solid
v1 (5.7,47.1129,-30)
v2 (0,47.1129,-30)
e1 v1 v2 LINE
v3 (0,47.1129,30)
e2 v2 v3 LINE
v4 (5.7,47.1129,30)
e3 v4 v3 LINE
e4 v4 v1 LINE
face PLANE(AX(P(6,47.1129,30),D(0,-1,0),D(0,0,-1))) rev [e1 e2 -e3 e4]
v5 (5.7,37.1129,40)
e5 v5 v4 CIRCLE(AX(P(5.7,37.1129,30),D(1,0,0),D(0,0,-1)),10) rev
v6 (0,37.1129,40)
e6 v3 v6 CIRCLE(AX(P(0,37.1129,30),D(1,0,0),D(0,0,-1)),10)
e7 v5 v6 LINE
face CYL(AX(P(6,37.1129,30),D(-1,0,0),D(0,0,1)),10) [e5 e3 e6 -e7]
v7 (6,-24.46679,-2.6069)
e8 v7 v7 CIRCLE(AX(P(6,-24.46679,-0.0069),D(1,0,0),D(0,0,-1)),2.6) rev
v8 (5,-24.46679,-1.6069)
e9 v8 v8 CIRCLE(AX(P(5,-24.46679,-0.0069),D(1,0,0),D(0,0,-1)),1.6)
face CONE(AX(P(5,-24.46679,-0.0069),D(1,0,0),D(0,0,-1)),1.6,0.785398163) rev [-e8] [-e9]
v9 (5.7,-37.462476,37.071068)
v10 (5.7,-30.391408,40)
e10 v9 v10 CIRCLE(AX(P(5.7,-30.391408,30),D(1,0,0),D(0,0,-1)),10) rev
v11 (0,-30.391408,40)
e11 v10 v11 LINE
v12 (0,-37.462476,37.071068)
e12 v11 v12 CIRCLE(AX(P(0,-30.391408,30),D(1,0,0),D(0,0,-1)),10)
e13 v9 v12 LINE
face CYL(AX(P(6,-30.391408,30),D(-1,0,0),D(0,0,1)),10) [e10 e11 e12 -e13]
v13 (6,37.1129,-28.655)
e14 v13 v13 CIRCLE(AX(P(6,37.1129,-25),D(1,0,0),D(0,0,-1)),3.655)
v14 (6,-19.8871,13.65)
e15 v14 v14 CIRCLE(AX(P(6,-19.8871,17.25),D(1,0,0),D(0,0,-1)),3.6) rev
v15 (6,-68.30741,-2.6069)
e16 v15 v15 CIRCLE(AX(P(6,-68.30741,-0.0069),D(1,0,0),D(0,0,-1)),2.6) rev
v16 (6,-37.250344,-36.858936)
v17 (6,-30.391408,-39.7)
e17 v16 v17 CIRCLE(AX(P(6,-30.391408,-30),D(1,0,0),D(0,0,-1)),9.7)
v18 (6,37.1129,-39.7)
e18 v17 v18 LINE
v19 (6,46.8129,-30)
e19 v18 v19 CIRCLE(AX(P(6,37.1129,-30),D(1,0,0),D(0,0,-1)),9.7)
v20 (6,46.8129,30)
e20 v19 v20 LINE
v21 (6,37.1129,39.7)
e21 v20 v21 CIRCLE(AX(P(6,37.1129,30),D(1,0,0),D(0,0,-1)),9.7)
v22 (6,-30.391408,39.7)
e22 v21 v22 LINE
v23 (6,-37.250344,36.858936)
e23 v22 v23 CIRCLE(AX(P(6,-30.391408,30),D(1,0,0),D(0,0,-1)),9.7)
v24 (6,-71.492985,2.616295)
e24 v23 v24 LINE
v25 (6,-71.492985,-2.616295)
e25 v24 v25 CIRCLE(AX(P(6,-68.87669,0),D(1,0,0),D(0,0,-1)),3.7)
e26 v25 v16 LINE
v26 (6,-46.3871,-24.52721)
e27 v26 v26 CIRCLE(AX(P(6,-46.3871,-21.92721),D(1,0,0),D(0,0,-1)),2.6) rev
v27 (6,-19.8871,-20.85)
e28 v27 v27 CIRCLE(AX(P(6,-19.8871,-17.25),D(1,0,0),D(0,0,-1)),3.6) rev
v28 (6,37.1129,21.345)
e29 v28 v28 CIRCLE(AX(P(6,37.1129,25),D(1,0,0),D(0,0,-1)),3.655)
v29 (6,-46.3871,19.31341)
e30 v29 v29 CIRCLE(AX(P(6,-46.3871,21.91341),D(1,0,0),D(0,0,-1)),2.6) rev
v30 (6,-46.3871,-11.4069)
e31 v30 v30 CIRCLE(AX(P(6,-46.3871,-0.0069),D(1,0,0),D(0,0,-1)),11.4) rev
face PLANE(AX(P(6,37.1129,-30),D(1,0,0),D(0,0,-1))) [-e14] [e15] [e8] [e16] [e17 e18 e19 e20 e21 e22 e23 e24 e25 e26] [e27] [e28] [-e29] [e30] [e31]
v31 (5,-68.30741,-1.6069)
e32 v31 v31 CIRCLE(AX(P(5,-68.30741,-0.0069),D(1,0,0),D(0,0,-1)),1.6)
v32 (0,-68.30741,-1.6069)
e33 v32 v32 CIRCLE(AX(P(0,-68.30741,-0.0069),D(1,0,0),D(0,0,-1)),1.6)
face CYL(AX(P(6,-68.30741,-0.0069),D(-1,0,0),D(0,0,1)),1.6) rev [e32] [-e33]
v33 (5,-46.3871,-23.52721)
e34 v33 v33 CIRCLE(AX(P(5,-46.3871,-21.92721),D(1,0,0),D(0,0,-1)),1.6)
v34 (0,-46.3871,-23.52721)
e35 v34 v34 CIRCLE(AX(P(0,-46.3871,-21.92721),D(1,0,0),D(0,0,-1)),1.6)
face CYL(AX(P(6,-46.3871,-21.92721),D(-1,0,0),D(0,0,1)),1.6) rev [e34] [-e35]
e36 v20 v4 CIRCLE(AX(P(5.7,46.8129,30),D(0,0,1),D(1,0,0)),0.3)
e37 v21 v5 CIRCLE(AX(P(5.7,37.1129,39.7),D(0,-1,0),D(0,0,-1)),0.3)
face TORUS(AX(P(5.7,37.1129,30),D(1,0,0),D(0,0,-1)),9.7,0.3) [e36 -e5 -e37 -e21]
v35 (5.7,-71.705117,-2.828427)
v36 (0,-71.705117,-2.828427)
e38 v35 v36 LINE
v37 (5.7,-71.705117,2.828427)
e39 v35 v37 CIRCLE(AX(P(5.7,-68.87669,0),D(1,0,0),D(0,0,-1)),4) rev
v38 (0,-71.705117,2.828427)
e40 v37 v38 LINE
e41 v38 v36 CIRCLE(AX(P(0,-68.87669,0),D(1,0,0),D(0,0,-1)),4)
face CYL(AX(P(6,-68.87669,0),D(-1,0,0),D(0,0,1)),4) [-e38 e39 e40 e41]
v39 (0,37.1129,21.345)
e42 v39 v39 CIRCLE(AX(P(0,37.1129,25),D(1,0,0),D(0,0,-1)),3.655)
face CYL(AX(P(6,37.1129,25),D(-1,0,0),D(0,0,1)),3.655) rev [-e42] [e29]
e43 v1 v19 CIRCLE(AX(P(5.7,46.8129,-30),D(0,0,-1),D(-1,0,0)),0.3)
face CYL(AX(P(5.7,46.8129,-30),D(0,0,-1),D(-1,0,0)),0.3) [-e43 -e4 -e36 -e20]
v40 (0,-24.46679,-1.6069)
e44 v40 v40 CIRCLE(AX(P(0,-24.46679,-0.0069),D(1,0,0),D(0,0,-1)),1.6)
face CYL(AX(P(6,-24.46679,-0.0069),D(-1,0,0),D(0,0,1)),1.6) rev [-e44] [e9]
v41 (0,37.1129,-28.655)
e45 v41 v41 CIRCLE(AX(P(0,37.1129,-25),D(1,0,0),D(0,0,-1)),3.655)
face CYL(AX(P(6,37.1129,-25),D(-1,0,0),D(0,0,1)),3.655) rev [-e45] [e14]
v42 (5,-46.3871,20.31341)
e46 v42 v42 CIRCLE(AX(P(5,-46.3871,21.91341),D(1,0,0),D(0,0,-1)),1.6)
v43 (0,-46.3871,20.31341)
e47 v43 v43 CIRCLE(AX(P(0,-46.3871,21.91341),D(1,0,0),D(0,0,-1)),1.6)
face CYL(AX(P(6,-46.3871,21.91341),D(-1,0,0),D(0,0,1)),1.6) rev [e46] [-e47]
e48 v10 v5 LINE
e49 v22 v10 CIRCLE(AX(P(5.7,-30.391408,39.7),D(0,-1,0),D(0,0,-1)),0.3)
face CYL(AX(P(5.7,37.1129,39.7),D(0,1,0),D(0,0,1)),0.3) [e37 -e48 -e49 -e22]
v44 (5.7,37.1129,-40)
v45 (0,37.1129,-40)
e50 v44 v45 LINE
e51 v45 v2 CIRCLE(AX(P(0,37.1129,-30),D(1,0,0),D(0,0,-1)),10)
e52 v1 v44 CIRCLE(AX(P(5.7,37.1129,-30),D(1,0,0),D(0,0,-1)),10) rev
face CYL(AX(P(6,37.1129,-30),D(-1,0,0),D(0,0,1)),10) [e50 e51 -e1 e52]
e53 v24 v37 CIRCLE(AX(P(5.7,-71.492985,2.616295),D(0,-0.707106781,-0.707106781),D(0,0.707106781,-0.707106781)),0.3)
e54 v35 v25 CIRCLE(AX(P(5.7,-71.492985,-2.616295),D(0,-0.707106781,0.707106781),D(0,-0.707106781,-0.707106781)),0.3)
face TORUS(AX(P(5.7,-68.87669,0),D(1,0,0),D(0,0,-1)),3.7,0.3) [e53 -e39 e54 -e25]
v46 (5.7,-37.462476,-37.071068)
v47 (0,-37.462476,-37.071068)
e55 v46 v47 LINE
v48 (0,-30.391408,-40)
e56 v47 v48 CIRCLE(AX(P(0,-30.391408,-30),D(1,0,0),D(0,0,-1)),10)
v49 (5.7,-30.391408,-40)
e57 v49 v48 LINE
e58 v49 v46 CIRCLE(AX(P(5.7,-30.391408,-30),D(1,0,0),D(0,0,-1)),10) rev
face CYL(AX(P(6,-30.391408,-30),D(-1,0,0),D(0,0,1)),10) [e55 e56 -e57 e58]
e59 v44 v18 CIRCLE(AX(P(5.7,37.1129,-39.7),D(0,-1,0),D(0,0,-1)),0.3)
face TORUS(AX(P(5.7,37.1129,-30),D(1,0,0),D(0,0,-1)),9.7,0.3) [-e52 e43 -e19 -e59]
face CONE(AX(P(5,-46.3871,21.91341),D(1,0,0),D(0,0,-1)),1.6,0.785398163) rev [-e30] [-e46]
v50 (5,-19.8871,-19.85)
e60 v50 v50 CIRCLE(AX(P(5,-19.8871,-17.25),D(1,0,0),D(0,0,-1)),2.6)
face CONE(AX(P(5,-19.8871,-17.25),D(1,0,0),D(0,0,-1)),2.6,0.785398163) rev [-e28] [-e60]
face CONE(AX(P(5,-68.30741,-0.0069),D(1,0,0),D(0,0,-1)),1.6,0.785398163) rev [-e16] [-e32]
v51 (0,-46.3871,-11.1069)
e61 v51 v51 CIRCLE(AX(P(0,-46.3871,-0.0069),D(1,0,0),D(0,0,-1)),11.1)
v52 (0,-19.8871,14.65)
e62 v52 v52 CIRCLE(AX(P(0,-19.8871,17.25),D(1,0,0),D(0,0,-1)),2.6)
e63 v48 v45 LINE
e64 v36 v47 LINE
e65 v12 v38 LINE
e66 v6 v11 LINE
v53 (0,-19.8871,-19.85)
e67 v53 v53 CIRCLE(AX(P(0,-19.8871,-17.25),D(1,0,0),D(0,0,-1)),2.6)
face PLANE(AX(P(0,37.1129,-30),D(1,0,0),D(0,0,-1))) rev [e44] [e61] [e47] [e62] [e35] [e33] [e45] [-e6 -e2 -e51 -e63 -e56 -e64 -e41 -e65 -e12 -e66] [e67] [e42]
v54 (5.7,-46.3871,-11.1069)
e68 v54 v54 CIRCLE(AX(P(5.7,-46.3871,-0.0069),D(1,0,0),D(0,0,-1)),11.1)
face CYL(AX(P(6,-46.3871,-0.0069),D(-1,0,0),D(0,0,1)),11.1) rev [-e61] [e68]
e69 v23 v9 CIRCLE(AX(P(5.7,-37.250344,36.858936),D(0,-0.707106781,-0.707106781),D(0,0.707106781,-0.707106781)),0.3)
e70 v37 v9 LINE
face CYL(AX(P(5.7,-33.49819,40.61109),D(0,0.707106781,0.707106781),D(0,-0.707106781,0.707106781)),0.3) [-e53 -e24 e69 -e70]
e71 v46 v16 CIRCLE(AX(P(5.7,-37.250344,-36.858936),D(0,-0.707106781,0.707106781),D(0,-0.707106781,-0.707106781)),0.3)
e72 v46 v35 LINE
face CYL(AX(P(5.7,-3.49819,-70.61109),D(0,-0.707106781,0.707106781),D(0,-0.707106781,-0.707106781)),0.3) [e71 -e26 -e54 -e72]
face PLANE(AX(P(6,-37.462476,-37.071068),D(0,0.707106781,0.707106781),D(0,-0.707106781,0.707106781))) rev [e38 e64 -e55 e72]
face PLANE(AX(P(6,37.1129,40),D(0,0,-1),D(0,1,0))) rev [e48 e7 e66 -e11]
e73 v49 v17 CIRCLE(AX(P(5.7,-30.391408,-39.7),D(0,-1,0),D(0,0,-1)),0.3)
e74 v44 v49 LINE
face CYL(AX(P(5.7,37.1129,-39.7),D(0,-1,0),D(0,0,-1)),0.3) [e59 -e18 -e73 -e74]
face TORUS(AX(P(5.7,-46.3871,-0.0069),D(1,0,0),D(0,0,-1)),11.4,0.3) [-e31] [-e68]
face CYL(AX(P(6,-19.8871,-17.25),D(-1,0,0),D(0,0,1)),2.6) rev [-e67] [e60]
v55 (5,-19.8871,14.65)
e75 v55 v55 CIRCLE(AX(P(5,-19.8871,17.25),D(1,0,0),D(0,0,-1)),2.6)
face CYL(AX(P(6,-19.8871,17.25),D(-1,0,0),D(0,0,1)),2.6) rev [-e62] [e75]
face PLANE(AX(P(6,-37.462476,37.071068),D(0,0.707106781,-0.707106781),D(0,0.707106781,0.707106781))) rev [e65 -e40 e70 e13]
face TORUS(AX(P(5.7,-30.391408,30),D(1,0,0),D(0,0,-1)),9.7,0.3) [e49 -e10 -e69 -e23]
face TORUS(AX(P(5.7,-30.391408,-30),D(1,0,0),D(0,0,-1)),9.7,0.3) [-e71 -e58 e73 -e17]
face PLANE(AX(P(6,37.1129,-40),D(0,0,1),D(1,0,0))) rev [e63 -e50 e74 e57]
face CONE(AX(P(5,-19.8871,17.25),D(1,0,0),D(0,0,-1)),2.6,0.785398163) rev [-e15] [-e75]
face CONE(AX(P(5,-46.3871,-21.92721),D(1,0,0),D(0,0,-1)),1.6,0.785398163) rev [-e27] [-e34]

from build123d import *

# Parameters (mm, degrees)
SKETCH_2_R      = 1.6
SKETCH_2_R_2    = 2.6
SKETCH_2_R_3    = 11.1
SKETCH_2_R_4    = 3.655
EXTRUDE_1_DEPTH = 6
FILLET_1_R      = 0.3
CHAMFER_1_SIZE  = 1


with BuildPart() as part:
    # Эскиз2 → Бобышка-Вытянуть1 (new body)
    with BuildSketch(Plane(origin=(0, 0, 0), x_dir=(0, 0, -1), z_dir=(1, 0, 0))):
        with BuildLine():
            Line((-30, 47.1129), (30, 47.1129))
            ThreePointArc((30, 47.1129), (37.071067812, 44.183967812), (40, 37.1129))
            Line((40, 37.1129), (40, -30.391408151))
            ThreePointArc((40, -30.391408151), (39.238795325, -34.218242474), (37.071067812, -37.462475962))
            Line((37.071067812, -37.462475962), (2.828427125, -71.70511665))
            ThreePointArc((2.828427125, -71.70511665), (0, -72.876689525), (-2.828427125, -71.70511665))
            Line((-2.828427125, -71.70511665), (-37.071067812, -37.462475962))
            ThreePointArc((-37.071067812, -37.462475962), (-39.238795325, -34.218242474), (-40, -30.391408151))
            Line((-40, -30.391408151), (-40, 37.1129))
            ThreePointArc((-40, 37.1129), (-37.071067812, 44.183967812), (-30, 47.1129))
        make_face()
        with Locations((-21.913410217, -46.3871)):
            Circle(SKETCH_2_R, mode=Mode.SUBTRACT)
        with Locations((17.25, -19.8871)):
            Circle(SKETCH_2_R_2, mode=Mode.SUBTRACT)
        with Locations((-17.25, -19.8871)):
            Circle(SKETCH_2_R_2, mode=Mode.SUBTRACT)
        with Locations((0.0069, -46.3871)):
            Circle(SKETCH_2_R_3, mode=Mode.SUBTRACT)
        with Locations((-25, 37.1129)):
            Circle(SKETCH_2_R_4, mode=Mode.SUBTRACT)
        with Locations((25, 37.1129)):
            Circle(SKETCH_2_R_4, mode=Mode.SUBTRACT)
        with Locations((0.0069, -24.466789783)):
            Circle(SKETCH_2_R, mode=Mode.SUBTRACT)
        with Locations((21.927210217, -46.3871)):
            Circle(SKETCH_2_R, mode=Mode.SUBTRACT)
        with Locations((0.0069, -68.307410217)):
            Circle(SKETCH_2_R, mode=Mode.SUBTRACT)
    extrude(amount=EXTRUDE_1_DEPTH)

    # Скругление1
    fillet_1_edges = [part.edges().sort_by_distance(p)[0] for p in [
        (6, 44.183967812, 37.071067812),
        (6, 3.360745925, 40),
        (6, -34.218242474, 39.238795325),
        (6, -54.583796306, 19.949747468),
        (6, -72.876689525, 0),
        (6, -54.583796306, -19.949747468),
        (6, -34.218242474, -39.238795325),
        (6, 3.360745925, -40),
        (6, 44.183967812, -37.071067812),
        (6, -46.3871, 11.0931),
        (6, 47.1129, 0),
    ]]
    fillet(fillet_1_edges, radius=FILLET_1_R)

    # Фаска1
    chamfer_1_edges = [part.edges().sort_by_distance(p)[0] for p in [
        (6, -24.466789783, 1.5931),
        (6, -46.3871, 23.513410217),
        (6, -46.3871, -20.327210217),
        (6, -68.307410217, 1.5931),
        (6, -19.8871, -14.65),
        (6, -19.8871, 19.85),
    ]]
    chamfer(chamfer_1_edges, length=CHAMFER_1_SIZE)


solid = part.part
